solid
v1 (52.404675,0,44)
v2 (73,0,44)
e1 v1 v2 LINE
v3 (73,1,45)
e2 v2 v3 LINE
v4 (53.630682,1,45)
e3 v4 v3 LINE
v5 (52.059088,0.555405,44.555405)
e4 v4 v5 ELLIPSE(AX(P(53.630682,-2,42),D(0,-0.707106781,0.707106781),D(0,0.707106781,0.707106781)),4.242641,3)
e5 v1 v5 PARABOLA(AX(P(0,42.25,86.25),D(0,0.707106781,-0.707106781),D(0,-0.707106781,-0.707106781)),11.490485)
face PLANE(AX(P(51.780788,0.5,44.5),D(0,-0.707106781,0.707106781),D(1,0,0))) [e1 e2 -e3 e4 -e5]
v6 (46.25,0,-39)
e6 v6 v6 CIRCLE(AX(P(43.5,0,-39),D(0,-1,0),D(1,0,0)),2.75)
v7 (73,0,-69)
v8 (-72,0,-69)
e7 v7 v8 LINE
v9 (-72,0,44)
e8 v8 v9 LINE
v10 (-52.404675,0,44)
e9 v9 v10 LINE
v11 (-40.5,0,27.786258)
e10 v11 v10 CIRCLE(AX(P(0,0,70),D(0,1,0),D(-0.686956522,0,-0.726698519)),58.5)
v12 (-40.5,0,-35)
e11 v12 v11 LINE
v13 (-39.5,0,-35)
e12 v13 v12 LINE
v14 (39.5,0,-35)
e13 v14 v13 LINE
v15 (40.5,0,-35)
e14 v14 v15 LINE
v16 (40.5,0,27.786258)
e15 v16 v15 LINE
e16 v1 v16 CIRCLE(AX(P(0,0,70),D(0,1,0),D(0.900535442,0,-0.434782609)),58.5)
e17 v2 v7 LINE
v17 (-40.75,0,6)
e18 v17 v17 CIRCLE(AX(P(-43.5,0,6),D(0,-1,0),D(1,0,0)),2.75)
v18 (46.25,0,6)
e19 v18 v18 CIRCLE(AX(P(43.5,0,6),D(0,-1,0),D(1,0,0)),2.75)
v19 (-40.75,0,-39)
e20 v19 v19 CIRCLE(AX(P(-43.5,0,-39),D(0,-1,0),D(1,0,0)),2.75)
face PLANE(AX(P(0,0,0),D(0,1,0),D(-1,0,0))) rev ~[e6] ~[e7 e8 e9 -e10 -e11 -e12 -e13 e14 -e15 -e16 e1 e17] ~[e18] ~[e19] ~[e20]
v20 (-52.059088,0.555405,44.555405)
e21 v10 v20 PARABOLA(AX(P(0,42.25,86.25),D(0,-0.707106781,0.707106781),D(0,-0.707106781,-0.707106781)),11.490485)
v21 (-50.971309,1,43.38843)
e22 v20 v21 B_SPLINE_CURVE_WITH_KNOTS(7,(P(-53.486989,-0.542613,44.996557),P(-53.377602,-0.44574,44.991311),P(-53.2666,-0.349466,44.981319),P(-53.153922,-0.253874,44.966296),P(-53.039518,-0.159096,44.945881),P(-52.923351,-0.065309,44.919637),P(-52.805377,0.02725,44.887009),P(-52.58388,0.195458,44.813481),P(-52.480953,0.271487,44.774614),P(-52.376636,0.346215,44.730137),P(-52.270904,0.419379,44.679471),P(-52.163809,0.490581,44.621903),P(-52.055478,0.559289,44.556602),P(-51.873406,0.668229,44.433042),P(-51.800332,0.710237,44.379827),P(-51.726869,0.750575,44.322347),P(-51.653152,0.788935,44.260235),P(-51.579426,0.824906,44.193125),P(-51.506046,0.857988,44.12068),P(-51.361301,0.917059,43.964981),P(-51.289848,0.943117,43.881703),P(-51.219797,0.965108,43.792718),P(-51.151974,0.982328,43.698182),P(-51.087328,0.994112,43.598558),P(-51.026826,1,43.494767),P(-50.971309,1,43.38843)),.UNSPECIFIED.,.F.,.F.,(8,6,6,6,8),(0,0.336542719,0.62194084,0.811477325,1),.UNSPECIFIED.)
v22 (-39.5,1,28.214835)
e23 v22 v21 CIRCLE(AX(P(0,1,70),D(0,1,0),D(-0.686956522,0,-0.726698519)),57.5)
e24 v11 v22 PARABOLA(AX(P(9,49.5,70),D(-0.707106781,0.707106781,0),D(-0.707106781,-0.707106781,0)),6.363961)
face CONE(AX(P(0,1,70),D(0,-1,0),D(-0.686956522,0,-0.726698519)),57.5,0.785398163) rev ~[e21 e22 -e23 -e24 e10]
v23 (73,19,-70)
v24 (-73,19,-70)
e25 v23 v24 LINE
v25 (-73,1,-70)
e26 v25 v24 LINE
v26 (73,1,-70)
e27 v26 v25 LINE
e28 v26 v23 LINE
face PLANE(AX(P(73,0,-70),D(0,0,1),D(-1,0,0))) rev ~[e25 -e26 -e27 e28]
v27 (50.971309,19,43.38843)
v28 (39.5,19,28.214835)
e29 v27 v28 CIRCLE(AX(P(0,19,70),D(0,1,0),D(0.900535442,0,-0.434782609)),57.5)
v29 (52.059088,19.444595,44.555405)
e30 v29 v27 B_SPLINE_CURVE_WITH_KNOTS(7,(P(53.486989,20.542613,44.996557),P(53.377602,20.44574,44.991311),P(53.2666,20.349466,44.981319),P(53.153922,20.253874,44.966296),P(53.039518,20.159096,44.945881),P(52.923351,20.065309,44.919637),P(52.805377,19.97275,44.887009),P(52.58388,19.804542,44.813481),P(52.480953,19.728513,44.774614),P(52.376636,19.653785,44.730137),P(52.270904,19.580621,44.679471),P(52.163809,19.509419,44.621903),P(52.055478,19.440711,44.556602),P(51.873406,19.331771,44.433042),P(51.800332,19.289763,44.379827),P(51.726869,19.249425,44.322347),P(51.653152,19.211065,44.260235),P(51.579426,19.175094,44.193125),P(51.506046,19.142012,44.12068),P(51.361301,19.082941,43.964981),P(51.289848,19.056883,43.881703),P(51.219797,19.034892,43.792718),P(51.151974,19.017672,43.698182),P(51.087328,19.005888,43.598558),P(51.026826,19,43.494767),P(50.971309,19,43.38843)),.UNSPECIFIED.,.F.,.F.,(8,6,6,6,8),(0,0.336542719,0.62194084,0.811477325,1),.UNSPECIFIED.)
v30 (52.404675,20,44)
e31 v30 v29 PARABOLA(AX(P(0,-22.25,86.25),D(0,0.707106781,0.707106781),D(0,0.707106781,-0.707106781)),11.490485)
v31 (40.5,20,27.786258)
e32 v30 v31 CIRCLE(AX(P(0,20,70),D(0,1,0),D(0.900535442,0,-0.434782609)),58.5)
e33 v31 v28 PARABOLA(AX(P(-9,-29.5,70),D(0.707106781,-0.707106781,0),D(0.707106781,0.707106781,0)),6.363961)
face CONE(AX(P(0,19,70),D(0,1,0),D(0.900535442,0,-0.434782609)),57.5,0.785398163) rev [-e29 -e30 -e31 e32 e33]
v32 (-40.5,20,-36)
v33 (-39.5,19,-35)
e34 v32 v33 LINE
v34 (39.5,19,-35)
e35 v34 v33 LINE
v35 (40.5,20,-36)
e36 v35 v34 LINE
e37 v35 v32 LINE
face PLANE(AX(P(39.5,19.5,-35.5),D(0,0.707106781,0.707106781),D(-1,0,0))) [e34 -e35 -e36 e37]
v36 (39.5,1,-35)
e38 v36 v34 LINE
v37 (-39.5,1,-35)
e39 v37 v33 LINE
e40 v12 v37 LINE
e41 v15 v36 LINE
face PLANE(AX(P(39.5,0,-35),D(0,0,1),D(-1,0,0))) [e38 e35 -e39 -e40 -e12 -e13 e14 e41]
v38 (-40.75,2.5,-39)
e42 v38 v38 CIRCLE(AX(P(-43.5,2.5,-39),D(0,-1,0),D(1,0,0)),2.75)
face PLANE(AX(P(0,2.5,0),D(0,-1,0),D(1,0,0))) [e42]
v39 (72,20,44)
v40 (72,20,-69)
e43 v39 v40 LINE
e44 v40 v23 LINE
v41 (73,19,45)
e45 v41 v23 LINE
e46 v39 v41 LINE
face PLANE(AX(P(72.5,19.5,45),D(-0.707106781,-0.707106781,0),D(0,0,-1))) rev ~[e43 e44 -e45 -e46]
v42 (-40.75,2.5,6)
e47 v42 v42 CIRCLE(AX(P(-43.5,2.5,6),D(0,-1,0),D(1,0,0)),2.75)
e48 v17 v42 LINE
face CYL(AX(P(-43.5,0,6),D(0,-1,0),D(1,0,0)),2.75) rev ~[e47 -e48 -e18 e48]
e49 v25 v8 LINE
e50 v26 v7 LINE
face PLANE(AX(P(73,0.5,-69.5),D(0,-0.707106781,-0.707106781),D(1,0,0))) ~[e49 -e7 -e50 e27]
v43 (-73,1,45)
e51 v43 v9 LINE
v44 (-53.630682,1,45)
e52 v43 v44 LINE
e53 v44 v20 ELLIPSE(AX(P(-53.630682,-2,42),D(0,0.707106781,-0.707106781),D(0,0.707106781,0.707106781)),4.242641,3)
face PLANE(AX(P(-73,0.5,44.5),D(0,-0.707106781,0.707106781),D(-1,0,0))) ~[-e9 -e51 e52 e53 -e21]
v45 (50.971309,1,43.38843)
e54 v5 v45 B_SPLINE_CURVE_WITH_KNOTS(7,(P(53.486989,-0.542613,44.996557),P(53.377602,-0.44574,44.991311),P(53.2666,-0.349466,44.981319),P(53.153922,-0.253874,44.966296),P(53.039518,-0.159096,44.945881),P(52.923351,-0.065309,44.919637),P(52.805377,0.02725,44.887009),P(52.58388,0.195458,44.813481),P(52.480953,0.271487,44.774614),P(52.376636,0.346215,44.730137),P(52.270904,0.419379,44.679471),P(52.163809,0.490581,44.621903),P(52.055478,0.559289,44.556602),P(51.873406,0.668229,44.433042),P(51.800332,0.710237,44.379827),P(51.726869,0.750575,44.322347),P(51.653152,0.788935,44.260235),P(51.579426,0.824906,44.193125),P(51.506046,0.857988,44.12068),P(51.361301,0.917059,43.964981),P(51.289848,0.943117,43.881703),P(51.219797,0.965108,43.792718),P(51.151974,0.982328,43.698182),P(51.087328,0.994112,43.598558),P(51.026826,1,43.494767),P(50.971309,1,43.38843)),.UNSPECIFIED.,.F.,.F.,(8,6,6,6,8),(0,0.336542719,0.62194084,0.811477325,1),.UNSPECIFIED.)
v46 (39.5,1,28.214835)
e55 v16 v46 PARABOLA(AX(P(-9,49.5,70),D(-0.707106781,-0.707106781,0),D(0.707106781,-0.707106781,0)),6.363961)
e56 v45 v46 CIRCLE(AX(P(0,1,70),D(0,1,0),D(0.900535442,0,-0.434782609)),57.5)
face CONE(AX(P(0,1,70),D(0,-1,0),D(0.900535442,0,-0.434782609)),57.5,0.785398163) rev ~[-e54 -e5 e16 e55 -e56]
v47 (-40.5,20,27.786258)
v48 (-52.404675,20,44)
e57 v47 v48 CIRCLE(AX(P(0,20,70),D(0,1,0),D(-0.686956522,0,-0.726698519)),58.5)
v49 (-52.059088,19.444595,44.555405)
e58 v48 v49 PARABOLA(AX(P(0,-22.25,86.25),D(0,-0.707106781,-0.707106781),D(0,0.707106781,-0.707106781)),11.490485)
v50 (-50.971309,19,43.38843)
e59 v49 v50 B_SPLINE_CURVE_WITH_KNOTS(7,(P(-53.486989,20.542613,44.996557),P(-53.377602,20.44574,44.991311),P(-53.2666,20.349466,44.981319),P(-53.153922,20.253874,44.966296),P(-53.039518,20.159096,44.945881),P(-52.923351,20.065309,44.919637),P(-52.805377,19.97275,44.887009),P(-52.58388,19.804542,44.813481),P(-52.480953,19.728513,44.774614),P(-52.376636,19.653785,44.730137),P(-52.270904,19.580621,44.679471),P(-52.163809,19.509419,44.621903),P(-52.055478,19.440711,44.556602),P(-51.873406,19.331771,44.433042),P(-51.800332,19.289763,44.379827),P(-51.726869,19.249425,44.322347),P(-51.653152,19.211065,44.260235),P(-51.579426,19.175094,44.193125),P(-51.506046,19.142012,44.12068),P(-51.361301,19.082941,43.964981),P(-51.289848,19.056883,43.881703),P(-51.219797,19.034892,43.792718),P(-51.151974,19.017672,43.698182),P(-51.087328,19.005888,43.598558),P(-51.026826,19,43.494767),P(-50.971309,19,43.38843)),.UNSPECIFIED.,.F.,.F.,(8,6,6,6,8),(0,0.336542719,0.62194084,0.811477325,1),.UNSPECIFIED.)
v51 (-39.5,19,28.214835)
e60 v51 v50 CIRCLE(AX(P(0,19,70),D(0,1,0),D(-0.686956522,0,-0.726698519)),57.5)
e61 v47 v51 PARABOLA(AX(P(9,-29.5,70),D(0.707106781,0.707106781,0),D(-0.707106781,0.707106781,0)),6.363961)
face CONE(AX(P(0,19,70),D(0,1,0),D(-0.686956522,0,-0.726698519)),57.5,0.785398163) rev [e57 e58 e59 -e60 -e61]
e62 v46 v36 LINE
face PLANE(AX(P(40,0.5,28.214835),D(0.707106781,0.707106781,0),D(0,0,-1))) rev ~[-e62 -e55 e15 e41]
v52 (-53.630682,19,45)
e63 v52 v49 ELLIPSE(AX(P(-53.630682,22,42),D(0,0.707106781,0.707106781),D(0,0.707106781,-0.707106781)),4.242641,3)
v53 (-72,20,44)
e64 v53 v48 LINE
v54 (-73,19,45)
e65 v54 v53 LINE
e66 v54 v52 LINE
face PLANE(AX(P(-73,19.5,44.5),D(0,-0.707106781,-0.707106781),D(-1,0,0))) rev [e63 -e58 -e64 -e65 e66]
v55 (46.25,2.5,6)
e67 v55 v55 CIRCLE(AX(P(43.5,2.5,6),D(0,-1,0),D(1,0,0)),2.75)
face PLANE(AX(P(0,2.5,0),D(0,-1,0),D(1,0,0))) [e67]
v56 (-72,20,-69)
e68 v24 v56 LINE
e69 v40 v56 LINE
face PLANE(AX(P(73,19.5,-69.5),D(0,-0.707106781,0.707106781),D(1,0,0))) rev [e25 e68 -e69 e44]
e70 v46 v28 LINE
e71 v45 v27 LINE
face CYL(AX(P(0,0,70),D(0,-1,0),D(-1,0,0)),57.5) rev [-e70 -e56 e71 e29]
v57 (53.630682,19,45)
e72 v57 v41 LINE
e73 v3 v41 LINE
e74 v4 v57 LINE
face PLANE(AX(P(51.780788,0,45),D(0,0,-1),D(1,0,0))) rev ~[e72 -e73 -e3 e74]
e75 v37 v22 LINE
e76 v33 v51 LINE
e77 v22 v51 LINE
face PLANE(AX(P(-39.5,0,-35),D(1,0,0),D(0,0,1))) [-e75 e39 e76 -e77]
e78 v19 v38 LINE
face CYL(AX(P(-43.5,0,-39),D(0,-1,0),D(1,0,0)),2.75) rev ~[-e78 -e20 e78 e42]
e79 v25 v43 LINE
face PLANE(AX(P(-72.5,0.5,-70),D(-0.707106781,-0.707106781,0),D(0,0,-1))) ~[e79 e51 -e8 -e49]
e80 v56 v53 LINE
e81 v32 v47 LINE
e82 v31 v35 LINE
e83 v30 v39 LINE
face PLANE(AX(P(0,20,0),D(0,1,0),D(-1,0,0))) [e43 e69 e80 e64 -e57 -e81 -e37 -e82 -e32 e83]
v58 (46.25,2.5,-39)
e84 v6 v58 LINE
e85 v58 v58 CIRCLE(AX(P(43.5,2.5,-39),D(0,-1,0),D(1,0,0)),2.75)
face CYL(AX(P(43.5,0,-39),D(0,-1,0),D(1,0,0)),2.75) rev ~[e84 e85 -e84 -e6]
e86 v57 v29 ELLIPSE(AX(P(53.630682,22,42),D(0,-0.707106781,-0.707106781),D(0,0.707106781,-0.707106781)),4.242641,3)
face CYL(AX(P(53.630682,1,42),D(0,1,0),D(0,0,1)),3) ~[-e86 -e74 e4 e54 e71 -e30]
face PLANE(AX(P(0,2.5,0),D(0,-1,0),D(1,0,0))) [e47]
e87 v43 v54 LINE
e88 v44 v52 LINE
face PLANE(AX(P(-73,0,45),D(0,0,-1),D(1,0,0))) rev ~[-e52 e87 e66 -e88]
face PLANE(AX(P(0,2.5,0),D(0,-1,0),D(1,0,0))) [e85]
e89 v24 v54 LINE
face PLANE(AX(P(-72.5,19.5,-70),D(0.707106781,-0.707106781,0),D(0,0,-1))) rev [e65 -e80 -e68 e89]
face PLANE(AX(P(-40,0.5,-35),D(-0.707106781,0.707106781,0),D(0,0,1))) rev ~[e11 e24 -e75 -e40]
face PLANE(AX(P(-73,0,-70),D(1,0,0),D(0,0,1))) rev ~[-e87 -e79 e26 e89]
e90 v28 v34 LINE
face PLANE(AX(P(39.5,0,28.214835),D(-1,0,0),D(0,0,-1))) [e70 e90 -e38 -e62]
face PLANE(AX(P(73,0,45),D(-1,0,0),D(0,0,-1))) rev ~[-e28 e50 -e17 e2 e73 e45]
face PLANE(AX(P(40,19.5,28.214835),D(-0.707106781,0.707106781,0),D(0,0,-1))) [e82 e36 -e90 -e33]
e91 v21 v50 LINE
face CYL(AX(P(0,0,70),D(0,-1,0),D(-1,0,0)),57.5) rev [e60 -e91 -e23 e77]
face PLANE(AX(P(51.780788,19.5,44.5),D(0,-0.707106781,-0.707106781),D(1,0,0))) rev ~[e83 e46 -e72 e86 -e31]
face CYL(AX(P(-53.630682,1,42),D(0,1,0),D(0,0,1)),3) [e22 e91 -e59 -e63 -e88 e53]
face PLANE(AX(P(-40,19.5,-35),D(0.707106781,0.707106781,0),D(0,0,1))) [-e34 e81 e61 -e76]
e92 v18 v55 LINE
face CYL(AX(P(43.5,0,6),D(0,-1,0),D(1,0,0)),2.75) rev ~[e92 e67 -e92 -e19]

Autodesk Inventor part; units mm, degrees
ref_plane "YZ Plane" through (0, 0, 0) normal (1, 0, 0) x (0, 1, 0)
ref_plane "XZ Plane" through (0, 0, 0) normal (0, 1, 0) x (-1, 0, 0)
ref_plane "XY Plane" through (0, 0, 0) normal (0, 0, 1) x (1, 0, 0)
sketch "Sketch1" plane through (0, 0, 0) normal (0, 1, 0) x (-1, 0, 0)
  line L0 (73, 70) -> (-73, 70)
  line L1 (-73, 70) -> (-73, -70)
  line L2 (-73, -70) -> (73, -70)
  line L3 (73, -70) -> (73, 70)
  line L4 (73, 70) -> (-73, -70) construction
  line L5 (-73, 70) -> (73, -70) construction
  line L6 (-73, -70) -> (73, -70)
  line L7 (73, -70) -> (73, 45)
  line L8 (73, 45) -> (-73, 45)
  line L9 (-73, 45) -> (-73, -70)
  circle A0 centre (0, 70) radius 57.5
  line L10 (39.5, 175) -> (-39.5, 175)
  line L11 (-39.5, 175) -> (-39.5, -35)
  line L12 (-39.5, -35) -> (39.5, -35)
  line L13 (39.5, -35) -> (39.5, 175)
  line L14 (39.5, 175) -> (-39.5, -35) construction
  line L15 (-39.5, 175) -> (39.5, -35) construction
  point P0 (0, 0)
  point P1 (-39.5, 28.2148)
  point P2 (-51.7808, 45)
  point P3 (51.7808, 45)
  point P4 (39.5, 28.2148)
  dimension "d0" = 146
  dimension "d1" = 140
  dimension "d2" = 115
  dimension "d3" = 115
  dimension "d4" = 210
  dimension "d5" = 79
extrude "Extrusion1" add sketch "Sketch1" along normal blind 20 contours L3 L2 L1 L8 A0 L11 L12 L13
sketch "Sketch2" plane through (0, 0, 0) normal (0, -1, 0) x (1, 0, 0)
  circle A0 centre (-43.5, -39) radius 2.75
  circle A1 centre (43.5, -39) radius 2.75
  line L0 (-39.5, 28.2148) -> (-39.5, -35) projected
  line L1 (-39.5, -35) -> (39.5, -35) projected
  line L2 (39.5, -35) -> (39.5, 28.2148) projected
  circle A2 centre (43.5, 6) radius 2.75
  circle A3 centre (-43.5, 6) radius 2.75
  point P0 (0, 0)
  dimension "d8" = 5.5
  dimension "d9" = 5.5
  dimension "d10" = 4
  dimension "d11" = 4
  dimension "d12" = 4
  dimension "d13" = 4
  dimension "d14" = 5.5
  dimension "d15" = 5.5
  dimension "d16" = 45
  dimension "d17" = 45
extrude "Extrusion2" cut sketch "Sketch2" against normal blind 2.5
chamfer "Chamfer1" distance 1 angle 45 18 edges at (-46.4056, 0, 36.0475) (-46.4056, 20, 36.0475) (-62.3904, 20, 45) (-62.3904, 0, 45) (46.4056, 0, 36.0475) (46.4056, 20, 36.0475) (62.3904, 20, 45) (62.3904, 0, 45) (73, 20, -12.5) (-73, 20, -12.5) (-73, 0, -12.5) (0, 20, -70) (0, 0, -70) (-39.5, 20, -3.3926) (-39.5, 0, -3.3926) (0, 20, -35) (39.5, 20, -3.3926) (39.5, 0, -3.3926)
fillet "Fillet1" radius 3 2 edges at (51.7808, 10, 45) (-51.7808, 10, 45)
properties part number "Spacer 1"
